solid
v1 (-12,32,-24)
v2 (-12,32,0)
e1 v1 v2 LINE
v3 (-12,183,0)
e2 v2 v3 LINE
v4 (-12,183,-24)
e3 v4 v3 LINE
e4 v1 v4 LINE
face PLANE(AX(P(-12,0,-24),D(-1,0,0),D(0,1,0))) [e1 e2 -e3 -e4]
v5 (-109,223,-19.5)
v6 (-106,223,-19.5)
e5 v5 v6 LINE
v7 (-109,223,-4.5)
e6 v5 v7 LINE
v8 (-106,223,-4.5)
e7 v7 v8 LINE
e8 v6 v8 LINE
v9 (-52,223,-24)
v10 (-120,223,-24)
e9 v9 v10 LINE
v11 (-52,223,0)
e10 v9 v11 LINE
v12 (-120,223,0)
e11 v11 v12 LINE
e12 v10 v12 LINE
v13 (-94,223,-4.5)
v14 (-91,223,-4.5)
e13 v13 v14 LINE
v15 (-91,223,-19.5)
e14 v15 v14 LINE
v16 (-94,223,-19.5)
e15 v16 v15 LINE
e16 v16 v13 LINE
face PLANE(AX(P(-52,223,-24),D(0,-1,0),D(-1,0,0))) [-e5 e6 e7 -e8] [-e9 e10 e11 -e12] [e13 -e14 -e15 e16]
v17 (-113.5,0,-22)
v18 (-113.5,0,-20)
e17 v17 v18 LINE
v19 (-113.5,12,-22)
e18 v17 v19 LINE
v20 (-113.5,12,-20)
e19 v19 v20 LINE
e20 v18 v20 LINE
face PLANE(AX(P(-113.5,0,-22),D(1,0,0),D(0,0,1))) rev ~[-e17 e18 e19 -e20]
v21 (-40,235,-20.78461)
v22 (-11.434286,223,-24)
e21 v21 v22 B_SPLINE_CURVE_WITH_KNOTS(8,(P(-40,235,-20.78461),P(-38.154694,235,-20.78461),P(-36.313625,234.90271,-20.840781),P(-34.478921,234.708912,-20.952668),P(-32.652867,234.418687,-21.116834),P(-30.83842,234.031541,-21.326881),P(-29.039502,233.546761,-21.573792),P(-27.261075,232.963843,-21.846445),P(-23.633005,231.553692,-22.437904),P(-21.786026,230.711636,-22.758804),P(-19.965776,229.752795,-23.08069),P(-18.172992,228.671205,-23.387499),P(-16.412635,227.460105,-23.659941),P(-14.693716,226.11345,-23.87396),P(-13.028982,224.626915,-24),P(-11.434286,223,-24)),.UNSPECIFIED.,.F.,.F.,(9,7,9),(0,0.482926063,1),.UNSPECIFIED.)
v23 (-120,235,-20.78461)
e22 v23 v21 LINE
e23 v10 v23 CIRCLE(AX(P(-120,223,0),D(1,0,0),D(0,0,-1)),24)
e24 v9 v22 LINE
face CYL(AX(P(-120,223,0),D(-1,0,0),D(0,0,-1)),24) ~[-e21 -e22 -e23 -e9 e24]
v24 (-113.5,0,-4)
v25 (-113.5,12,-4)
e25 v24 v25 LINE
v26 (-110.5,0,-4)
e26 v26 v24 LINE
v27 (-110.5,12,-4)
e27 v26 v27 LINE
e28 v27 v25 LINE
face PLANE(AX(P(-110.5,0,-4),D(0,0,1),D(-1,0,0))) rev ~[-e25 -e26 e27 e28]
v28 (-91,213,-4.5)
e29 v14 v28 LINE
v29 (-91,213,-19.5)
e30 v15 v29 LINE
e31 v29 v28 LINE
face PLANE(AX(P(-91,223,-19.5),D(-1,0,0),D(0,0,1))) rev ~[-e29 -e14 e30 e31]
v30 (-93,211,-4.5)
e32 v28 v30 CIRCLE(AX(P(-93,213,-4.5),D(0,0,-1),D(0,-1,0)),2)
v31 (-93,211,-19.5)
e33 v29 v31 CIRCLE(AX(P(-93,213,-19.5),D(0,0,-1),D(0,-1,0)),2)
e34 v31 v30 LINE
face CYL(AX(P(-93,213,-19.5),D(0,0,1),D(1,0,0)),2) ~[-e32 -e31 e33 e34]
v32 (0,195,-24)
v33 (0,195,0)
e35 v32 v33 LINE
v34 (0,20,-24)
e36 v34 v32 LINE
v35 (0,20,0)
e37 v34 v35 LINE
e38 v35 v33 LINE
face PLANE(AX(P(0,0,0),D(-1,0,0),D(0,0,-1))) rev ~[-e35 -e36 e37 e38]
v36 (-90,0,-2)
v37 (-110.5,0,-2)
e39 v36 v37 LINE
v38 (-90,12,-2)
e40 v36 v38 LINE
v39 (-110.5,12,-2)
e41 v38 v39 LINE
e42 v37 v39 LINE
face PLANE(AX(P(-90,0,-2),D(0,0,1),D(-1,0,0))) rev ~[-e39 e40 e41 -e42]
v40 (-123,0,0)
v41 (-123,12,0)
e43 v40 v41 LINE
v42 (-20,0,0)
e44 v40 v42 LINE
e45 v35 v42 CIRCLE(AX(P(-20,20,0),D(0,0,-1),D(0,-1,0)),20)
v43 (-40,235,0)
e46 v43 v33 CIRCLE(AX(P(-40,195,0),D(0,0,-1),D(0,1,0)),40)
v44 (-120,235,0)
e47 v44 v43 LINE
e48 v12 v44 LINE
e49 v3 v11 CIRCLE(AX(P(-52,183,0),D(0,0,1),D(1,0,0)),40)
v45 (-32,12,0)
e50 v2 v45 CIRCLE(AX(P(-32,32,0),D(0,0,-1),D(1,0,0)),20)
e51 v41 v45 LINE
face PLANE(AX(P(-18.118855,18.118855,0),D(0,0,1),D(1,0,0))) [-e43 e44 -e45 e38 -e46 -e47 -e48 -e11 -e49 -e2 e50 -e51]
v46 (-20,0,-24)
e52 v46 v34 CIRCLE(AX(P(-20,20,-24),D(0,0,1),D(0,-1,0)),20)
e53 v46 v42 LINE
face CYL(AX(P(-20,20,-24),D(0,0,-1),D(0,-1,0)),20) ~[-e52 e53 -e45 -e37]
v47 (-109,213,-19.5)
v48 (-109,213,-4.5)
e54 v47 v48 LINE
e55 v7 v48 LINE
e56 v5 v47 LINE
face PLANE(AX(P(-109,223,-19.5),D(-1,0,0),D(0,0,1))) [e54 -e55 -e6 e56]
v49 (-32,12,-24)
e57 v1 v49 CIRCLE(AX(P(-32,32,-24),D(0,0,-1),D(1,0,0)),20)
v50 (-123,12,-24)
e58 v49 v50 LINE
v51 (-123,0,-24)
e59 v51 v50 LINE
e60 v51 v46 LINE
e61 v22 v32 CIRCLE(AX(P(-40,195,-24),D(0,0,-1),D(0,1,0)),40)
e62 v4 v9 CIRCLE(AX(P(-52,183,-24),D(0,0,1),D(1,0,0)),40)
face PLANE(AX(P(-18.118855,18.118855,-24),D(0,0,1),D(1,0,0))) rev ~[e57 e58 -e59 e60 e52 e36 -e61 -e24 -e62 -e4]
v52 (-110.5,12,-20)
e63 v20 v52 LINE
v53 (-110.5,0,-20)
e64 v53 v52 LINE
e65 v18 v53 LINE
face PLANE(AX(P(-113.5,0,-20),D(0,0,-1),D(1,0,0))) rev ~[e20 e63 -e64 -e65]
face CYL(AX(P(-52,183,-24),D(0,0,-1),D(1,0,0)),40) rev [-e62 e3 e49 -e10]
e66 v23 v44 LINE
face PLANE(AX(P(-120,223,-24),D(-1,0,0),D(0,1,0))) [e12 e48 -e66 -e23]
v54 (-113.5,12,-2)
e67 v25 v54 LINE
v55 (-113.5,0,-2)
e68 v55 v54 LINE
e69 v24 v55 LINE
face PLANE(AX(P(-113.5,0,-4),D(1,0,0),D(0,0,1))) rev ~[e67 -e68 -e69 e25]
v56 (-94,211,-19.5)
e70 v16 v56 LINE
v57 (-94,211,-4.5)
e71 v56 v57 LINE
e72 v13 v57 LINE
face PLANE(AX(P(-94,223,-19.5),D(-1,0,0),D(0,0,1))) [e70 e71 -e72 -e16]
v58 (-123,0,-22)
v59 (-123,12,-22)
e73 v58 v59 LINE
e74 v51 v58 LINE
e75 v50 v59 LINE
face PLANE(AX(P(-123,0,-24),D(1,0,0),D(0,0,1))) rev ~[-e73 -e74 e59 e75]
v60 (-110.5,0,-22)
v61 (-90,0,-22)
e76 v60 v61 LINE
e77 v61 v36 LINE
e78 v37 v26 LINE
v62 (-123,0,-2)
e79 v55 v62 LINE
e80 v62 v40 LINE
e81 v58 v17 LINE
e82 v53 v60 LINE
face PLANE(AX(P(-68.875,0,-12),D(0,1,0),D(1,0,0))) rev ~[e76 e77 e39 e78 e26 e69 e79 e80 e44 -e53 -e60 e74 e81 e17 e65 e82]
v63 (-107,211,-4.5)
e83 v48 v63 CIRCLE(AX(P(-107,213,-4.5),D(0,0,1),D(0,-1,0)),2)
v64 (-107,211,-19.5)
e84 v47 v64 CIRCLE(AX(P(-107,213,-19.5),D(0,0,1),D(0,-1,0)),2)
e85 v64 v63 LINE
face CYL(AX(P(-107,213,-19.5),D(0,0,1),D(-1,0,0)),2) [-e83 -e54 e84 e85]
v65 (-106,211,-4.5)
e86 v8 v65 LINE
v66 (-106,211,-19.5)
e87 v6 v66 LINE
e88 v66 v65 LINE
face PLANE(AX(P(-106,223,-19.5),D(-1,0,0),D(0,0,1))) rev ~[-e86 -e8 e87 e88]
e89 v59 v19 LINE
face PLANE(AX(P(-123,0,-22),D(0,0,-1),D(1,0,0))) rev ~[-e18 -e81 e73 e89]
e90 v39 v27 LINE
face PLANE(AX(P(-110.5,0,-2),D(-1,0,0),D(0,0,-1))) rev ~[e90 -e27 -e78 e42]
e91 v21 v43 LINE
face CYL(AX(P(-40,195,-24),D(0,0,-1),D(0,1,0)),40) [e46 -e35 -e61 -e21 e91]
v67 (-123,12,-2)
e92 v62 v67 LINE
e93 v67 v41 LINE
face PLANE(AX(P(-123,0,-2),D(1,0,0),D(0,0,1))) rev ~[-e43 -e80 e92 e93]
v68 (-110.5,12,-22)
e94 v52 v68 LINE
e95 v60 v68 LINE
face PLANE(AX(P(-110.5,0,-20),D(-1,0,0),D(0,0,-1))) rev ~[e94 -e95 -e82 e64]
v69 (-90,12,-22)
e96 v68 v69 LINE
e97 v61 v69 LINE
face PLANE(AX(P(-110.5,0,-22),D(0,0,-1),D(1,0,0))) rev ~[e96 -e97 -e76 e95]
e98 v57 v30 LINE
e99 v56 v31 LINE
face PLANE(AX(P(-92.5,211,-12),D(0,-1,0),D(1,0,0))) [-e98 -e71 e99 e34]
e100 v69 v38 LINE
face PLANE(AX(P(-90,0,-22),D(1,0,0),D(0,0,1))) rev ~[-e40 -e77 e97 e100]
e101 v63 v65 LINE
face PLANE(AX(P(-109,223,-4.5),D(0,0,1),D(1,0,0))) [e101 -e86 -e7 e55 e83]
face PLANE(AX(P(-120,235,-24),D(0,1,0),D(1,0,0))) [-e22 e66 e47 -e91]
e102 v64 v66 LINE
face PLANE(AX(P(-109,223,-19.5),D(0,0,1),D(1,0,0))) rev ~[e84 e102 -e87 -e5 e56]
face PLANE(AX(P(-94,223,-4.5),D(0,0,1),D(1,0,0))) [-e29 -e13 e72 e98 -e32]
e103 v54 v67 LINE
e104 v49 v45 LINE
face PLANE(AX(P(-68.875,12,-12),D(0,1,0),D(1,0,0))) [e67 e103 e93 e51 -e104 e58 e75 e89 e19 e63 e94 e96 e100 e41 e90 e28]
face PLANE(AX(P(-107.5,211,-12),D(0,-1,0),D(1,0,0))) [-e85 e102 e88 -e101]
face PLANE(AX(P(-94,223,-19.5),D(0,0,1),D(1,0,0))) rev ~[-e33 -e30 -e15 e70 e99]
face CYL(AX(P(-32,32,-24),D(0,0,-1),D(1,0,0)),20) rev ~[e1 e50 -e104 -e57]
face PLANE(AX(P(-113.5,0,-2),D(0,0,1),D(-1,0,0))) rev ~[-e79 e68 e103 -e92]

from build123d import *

# Parameters (mm, degrees)
EXTRUDE_1_DEPTH     = 12
EXTRUDE_2_DEPTH     = 24
SKETCH_6_W          = 3
SKETCH_6_H          = 15
EXTRUDE_3_DEPTH     = 12
EXTRUDE_4_DEPTH     = 24
CUT_EXTRUDE_4_DEPTH = 267.326866838
CUT_EXTRUDE_5_DEPTH = 265.954713112
FILLET_1_R          = 2


with BuildPart() as part:
    # 草图1 → 凸台-拉伸1 (new body)
    with BuildSketch(Plane(origin=(0, 0, 0), x_dir=(1, 0, 0), z_dir=(0, 1, 0))):
        Polygon((-123, 2), (-123, 0), (0, 0), (0, 24), (-123, 24), (-123, 22), (-113.5, 22), (-113.5, 20), (-110.5, 20), (-110.5, 22), (-90, 22), (-90, 2), (-110.5, 2), (-110.5, 4), (-113.5, 4), (-113.5, 2), align=None)
    extrude(amount=EXTRUDE_1_DEPTH)

    # 草图5 → 凸台-拉伸2 (add)
    with BuildSketch(Plane(origin=(0, 0, -24), x_dir=(-1, 0, 0), z_dir=(0, 0, -1))):
        with BuildLine():
            Line((0, 0), (12, 0))
            Line((12, 0), (12, 183))
            ThreePointArc((12, 183), (23.715728753, 211.284271247), (52, 223))
            Line((52, 223), (120, 223))
            Line((120, 223), (120, 235))
            Line((120, 235), (40, 235))
            ThreePointArc((40, 235), (11.715728753, 223.284271247), (0, 195))
            Line((0, 195), (0, 0))
        make_face()
    extrude(amount=-EXTRUDE_2_DEPTH)

    # 草图6 → 凸台-拉伸3 (add)
    with BuildSketch(Plane.XZ.offset(-223)):
        with Locations((-107.5, -12)):
            Rectangle(SKETCH_6_W, SKETCH_6_H)
        with Locations((-92.5, -12)):
            Rectangle(SKETCH_6_W, SKETCH_6_H)
    extrude(amount=EXTRUDE_3_DEPTH)

    # 草图7 → 凸台-拉伸4 (add)
    with BuildSketch(Plane(origin=(0, 0, -24), x_dir=(-1, 0, 0), z_dir=(0, 0, -1))):
        with BuildLine():
            Line((32, 12), (12, 12))
            Line((12, 12), (12, 32))
            ThreePointArc((12, 32), (17.857864376, 17.857864376), (32, 12))
        make_face()
    extrude(amount=-EXTRUDE_4_DEPTH)

    # 草图8 → 切除-拉伸4 (cut, through all)
    with BuildSketch(Plane(origin=(0, 0, -24), x_dir=(-1, 0, 0), z_dir=(0, 0, -1))):
        with BuildLine():
            Line((0, 20), (0, 0))
            Line((0, 0), (20, 0))
            ThreePointArc((20, 0), (5.857864376, 5.857864376), (0, 20))
        make_face()
    extrude(amount=-CUT_EXTRUDE_4_DEPTH, mode=Mode.SUBTRACT)

    # 草图9 → 切除-拉伸5 (cut, through all)
    with BuildSketch(Plane.ZY.offset(120)):
        with BuildLine():
            Line((-24, 235), (-24, 223))
            ThreePointArc((-24, 223), (-23.182219831, 229.211657082), (-20.784609691, 235))
            Line((-20.784609691, 235), (-24, 235))
        make_face()
    extrude(amount=-CUT_EXTRUDE_5_DEPTH, mode=Mode.SUBTRACT)

    # 圆角1
    fillet_1_edges = [part.edges().sort_by_distance(p)[0] for p in [
        (-109, 211, -12),
        (-91, 211, -12),
    ]]
    fillet(fillet_1_edges, radius=FILLET_1_R)


solid = part.part
